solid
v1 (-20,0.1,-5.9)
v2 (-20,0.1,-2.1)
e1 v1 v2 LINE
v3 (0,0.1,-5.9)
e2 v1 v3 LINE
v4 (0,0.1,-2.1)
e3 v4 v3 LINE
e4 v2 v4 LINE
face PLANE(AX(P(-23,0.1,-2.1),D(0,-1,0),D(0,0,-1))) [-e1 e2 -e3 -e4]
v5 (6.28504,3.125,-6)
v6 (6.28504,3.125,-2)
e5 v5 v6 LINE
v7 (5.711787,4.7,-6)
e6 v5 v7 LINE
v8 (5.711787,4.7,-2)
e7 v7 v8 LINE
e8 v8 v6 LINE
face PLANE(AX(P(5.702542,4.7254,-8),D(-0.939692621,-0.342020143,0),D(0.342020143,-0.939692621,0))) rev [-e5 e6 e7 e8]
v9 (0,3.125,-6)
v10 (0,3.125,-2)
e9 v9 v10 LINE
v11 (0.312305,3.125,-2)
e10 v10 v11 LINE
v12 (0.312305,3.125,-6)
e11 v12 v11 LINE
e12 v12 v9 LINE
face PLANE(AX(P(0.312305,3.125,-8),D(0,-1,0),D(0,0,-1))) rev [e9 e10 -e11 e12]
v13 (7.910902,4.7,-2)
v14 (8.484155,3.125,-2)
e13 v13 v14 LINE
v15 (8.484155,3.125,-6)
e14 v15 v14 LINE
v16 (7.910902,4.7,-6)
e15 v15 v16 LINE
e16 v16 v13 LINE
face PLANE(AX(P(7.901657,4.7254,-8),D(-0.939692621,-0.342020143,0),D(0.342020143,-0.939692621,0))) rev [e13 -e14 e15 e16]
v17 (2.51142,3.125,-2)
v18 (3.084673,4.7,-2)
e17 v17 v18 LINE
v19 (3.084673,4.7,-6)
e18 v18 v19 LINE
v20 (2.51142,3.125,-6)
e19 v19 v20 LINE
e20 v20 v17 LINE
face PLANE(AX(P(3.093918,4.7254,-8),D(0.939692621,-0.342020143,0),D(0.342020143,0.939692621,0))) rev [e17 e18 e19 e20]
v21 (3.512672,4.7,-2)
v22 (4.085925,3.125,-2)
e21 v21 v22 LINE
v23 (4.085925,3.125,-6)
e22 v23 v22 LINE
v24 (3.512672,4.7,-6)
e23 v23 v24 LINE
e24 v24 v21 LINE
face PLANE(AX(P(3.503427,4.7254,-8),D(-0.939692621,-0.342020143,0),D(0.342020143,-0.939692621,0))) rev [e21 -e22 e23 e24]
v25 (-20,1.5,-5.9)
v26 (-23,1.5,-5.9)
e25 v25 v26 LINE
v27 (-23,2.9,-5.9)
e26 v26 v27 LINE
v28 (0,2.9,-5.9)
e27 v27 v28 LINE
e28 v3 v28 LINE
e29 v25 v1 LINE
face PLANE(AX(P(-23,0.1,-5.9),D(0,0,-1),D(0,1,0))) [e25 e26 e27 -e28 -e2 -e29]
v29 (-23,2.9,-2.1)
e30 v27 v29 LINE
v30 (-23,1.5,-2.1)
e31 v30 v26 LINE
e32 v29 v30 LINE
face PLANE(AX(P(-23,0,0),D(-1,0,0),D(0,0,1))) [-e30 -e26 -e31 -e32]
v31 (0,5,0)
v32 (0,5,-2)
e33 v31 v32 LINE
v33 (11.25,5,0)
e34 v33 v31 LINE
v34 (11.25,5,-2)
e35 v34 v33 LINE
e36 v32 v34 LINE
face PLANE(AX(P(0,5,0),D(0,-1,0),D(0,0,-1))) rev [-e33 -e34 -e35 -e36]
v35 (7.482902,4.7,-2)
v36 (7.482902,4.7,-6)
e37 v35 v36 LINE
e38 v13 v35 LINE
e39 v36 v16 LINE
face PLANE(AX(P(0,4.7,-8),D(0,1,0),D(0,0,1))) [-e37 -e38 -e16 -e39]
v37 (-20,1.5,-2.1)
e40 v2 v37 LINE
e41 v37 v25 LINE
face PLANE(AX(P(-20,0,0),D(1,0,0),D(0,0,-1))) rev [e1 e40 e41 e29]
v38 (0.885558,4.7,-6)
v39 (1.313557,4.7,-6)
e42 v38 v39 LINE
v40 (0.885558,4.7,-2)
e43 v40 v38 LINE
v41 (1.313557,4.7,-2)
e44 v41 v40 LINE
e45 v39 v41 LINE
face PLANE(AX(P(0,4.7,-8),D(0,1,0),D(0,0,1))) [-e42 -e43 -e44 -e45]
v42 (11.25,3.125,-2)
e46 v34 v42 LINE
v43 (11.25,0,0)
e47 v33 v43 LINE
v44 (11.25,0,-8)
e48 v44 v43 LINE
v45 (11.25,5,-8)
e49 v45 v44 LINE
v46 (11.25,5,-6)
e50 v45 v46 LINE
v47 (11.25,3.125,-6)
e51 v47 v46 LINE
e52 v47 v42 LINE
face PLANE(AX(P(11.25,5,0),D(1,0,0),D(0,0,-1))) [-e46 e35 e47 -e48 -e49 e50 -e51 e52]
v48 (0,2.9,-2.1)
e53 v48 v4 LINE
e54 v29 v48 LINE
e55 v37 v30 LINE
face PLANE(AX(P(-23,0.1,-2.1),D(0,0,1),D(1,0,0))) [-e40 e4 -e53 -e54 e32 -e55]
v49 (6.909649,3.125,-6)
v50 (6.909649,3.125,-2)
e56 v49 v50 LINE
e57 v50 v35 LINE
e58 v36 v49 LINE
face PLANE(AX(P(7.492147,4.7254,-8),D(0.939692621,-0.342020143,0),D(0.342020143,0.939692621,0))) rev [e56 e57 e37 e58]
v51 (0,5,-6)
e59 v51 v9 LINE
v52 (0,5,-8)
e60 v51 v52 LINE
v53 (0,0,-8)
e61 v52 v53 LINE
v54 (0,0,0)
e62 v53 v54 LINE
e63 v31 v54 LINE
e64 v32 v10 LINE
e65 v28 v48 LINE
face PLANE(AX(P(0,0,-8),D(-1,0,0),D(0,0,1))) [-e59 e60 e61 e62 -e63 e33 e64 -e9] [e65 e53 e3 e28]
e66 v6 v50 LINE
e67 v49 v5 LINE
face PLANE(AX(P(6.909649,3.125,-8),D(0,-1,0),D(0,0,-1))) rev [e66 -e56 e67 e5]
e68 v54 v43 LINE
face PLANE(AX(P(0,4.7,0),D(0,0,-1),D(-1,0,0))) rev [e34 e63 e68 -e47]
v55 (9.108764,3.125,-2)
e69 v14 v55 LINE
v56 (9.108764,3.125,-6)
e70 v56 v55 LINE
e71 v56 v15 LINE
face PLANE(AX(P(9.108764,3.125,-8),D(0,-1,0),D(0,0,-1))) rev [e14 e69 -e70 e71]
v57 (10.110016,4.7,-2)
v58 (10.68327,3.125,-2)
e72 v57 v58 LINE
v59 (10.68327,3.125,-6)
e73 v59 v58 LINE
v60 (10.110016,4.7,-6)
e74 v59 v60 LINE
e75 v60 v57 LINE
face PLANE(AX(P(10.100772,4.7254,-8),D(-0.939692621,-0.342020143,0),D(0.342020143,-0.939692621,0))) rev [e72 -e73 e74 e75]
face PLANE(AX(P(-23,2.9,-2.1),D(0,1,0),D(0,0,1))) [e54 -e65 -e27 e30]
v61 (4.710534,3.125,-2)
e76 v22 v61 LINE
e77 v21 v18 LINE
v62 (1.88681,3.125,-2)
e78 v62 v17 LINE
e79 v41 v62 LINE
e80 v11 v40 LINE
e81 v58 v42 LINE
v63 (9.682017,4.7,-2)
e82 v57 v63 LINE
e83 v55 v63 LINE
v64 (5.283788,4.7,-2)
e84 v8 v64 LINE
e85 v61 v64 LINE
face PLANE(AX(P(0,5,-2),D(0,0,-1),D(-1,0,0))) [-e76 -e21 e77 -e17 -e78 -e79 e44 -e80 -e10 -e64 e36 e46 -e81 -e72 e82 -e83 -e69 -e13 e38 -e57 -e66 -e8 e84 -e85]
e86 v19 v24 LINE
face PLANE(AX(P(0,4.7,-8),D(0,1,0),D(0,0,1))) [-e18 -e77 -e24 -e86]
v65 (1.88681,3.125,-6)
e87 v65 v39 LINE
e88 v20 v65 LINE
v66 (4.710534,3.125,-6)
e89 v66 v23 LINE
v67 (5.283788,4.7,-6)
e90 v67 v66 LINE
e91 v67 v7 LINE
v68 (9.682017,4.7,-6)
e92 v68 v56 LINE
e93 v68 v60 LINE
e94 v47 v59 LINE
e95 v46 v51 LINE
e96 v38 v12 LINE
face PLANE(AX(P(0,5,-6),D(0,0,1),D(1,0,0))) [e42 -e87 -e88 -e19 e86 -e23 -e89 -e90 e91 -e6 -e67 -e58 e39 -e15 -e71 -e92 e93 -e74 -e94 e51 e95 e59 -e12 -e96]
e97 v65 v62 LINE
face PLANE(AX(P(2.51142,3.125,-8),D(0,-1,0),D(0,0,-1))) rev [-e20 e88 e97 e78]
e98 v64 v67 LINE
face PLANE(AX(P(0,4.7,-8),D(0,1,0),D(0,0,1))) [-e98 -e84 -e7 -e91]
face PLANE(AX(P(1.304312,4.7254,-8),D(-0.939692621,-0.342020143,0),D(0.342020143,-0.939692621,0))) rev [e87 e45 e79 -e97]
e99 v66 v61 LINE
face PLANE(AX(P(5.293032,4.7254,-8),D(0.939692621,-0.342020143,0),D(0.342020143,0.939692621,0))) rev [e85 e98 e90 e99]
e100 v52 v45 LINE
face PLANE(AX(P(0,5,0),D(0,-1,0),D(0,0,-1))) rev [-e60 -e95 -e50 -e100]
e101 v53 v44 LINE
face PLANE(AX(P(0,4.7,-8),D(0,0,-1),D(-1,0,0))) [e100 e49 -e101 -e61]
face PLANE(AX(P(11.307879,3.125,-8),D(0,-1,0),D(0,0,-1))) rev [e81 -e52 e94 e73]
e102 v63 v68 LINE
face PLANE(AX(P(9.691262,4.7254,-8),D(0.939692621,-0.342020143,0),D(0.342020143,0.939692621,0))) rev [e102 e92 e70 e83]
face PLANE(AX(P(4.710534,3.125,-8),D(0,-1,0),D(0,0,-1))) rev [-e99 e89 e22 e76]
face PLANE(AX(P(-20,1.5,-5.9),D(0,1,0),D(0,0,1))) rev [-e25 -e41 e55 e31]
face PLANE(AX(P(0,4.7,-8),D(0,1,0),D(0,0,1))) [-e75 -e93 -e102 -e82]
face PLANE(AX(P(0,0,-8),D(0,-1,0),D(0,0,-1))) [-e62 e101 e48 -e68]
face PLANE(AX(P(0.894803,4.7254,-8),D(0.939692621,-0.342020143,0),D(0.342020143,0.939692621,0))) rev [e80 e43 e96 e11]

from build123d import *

# Parameters (mm, degrees)
BLANKSKE_W          = 12
BLANKSKE_H          = 4.7
BLANK_DEPTH         = 8
TOOTHCUTSIM_DEPTH   = 16.16871781
TEETHCUTS_COUNT     = 6
TEETHCUTS_PITCH     = 2.199114855
SKETCH1_W           = 12
SKETCH1_H           = 2
BOSS_EXTRUDE1_DEPTH = 5
SKETCH2_W           = 0.75
SKETCH2_H           = 8
CUT_EXTRUDE1_DEPTH  = 5
SKETCH3_W           = 3.8
SKETCH3_H           = 2.8
BOSS_EXTRUDE2_DEPTH = 23
SKETCH4_W           = 3.8
SKETCH4_H           = 1.4
CUT_EXTRUDE2_DEPTH  = 3


with BuildPart() as part:
    # BlankSke → Blank (new body)
    with BuildSketch(Plane.XY):
        with Locations((6, 2.35)):
            Rectangle(BLANKSKE_W, BLANKSKE_H)
    extrude(amount=-BLANK_DEPTH)

    # TooCutSkeSim → ToothCutSim (cut, through all)
    with BuildSketch(Plane.XY):
        Polygon((0.312304759, 3.125), (-0.312304759, 3.125), (-0.894802722, 4.7254), (0.894802722, 4.7254), align=None)
    toothcutsim = extrude(amount=-TOOTHCUTSIM_DEPTH, mode=Mode.SUBTRACT)

    # TeethCuts: ToothCutSim ×6
    with Locations(*[(i * TEETHCUTS_PITCH, 0, 0) for i in range(1, TEETHCUTS_COUNT)]):
        add(toothcutsim, mode=Mode.SUBTRACT)

    # Sketch1 → Boss-Extrude1 (add)
    with BuildSketch(Plane.XZ):
        with Locations((6, -1)):
            Rectangle(SKETCH1_W, SKETCH1_H)
        with Locations((6, -7)):
            Rectangle(SKETCH1_W, SKETCH1_H)
    extrude(amount=-BOSS_EXTRUDE1_DEPTH)

    # Sketch2 → Cut-Extrude1 (cut)
    with BuildSketch(Plane(origin=(0, 0, 0), x_dir=(1, 0, 0), z_dir=(0, 1, 0))):
        with Locations((11.625, 4)):
            Rectangle(SKETCH2_W, SKETCH2_H)
    extrude(amount=CUT_EXTRUDE1_DEPTH, mode=Mode.SUBTRACT)

    # Sketch3 → Boss-Extrude2 (add)
    with BuildSketch(Plane(origin=(0, 0, 0), x_dir=(0, 0, -1), z_dir=(1, 0, 0))):
        with Locations((4, 1.5)):
            Rectangle(SKETCH3_W, SKETCH3_H)
    extrude(amount=-BOSS_EXTRUDE2_DEPTH)

    # Sketch4 → Cut-Extrude2 (cut)
    with BuildSketch(Plane.ZY.offset(23)):
        with Locations((-4, 0.8)):
            Rectangle(SKETCH4_W, SKETCH4_H)
    extrude(amount=-CUT_EXTRUDE2_DEPTH, mode=Mode.SUBTRACT)


solid = part.part
